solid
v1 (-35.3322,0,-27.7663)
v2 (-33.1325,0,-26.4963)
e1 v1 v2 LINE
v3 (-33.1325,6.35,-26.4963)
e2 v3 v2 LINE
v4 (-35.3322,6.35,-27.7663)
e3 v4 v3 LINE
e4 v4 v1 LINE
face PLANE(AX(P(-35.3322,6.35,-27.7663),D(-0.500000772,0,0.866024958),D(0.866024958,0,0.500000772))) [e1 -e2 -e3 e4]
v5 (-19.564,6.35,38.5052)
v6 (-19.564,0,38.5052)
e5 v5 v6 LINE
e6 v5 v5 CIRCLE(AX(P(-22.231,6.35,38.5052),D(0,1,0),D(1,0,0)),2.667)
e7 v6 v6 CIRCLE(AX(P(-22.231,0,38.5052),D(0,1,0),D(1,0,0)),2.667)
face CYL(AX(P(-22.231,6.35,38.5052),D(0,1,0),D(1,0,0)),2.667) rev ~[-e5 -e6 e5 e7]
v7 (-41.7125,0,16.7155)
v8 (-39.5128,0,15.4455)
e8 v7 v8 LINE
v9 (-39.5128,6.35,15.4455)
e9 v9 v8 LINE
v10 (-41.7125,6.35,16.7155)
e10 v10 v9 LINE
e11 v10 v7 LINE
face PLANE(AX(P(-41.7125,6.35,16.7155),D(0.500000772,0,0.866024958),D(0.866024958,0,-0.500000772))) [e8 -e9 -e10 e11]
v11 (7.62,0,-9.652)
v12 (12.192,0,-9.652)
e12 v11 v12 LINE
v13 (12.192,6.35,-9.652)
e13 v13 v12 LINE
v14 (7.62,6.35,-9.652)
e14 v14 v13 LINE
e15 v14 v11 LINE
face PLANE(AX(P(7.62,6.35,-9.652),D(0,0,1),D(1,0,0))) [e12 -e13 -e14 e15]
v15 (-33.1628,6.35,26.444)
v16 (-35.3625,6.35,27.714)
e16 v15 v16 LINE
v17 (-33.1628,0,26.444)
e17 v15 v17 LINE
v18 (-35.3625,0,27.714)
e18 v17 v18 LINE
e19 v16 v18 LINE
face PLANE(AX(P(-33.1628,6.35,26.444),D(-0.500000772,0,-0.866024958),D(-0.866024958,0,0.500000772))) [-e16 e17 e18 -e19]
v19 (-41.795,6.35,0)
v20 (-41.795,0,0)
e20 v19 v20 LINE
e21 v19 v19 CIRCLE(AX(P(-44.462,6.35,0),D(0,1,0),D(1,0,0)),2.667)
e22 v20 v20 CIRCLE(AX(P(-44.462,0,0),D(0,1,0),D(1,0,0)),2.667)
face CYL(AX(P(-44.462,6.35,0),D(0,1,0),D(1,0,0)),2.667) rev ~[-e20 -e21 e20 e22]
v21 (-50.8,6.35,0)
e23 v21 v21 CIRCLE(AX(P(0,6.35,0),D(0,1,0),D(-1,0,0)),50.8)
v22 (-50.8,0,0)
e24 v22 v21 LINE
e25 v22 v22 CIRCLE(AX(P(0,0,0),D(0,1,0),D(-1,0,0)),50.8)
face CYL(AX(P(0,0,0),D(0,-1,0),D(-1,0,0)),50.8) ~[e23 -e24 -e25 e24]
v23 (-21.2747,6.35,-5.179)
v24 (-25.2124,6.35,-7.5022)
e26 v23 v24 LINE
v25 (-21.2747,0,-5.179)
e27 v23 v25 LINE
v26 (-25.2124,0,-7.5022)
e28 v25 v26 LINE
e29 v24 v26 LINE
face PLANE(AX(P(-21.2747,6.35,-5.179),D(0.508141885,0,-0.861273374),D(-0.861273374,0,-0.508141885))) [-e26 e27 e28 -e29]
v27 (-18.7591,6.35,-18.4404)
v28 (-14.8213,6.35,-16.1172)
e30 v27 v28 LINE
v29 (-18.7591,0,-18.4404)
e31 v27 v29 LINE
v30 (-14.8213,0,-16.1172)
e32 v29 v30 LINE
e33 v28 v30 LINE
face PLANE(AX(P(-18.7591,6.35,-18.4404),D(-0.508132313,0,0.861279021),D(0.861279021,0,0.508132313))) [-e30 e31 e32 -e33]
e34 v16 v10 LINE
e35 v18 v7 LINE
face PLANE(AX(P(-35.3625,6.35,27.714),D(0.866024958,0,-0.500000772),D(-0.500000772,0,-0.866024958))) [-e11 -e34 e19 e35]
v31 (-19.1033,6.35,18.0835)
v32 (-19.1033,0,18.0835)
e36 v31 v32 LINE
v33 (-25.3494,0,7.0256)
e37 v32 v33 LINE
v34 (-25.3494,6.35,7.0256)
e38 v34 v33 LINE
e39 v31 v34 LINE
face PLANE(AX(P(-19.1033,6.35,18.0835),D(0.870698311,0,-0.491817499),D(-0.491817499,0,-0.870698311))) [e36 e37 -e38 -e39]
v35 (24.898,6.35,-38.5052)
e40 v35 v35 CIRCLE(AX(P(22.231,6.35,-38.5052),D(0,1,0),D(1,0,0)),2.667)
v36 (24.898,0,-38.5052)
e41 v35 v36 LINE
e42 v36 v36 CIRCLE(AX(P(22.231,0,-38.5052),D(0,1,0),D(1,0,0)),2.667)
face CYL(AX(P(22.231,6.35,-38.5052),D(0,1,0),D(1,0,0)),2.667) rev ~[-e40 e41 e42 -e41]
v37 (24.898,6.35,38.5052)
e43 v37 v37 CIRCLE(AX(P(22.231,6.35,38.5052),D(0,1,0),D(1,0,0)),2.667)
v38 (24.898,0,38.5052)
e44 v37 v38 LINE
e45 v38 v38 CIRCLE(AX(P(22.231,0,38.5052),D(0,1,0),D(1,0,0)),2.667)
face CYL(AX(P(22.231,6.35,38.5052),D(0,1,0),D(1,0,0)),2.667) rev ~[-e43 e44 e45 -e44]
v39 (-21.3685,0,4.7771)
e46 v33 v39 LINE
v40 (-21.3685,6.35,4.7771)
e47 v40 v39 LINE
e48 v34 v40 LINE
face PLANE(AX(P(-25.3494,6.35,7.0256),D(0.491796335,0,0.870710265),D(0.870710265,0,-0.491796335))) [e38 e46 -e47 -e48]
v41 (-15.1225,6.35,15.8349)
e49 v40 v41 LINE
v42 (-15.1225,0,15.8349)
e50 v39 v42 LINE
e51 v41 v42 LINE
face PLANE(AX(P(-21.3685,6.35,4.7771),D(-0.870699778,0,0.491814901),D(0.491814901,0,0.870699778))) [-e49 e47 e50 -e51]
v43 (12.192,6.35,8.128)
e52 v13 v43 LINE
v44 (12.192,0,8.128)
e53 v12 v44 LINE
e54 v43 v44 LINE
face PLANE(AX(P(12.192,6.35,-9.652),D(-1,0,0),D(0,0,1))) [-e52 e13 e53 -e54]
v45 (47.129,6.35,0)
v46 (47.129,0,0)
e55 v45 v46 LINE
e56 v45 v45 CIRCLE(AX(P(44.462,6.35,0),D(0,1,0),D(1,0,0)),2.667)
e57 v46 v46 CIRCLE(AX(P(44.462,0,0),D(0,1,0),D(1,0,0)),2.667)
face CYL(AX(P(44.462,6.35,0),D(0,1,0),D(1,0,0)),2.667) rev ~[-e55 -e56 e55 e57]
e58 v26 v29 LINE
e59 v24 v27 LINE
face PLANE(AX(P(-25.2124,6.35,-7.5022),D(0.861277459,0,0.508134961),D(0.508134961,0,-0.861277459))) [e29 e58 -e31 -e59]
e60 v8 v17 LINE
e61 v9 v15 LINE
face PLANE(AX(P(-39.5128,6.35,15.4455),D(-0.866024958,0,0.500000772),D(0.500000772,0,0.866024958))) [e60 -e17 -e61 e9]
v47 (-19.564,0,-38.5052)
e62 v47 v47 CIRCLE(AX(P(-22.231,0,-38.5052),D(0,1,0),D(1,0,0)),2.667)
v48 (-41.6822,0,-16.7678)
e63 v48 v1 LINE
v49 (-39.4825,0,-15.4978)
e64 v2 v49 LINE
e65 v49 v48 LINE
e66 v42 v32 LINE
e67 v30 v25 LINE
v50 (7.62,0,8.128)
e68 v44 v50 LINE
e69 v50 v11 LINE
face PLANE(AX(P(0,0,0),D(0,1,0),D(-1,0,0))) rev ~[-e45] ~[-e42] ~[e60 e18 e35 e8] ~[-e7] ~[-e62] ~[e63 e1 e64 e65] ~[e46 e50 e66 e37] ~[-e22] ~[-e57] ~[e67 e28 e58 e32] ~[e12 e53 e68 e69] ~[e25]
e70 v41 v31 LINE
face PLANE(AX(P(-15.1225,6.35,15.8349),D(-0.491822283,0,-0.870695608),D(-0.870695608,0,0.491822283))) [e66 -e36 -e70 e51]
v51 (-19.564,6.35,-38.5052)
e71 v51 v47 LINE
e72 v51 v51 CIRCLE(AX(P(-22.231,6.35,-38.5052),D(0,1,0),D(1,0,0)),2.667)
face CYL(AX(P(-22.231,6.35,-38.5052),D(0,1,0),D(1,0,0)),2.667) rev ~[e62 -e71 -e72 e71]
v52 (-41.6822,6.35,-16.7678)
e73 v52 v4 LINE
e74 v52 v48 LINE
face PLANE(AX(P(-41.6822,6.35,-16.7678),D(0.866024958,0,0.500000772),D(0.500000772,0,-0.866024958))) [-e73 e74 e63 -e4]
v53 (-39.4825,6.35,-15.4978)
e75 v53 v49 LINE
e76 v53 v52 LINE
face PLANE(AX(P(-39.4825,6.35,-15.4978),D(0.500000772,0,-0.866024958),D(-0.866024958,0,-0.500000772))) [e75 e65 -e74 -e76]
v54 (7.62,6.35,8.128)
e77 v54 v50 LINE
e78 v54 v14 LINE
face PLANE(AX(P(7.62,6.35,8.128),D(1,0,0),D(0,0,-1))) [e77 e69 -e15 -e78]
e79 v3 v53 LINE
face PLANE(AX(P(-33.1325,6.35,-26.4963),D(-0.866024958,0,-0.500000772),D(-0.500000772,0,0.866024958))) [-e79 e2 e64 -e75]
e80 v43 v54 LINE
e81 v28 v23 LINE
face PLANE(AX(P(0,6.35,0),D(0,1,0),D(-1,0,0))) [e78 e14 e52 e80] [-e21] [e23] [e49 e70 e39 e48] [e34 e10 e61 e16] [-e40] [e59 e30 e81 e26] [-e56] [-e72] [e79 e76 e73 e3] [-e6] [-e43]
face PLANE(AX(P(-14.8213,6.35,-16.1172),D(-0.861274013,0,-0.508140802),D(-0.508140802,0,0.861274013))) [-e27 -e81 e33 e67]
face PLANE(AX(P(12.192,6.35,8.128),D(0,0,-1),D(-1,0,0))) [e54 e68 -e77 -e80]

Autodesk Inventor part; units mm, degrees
ref_plane "YZ Plane" through (0, 0, 0) normal (1, 0, 0) x (0, 1, 0)
ref_plane "XZ Plane" through (0, 0, 0) normal (0, 1, 0) x (-1, 0, 0)
ref_plane "XY Plane" through (0, 0, 0) normal (0, 0, 1) x (1, 0, 0)
sketch "Sketch4" plane through (0, 0, 0) normal (0, 1, 0) x (-1, 0, 0)
  circle A0 centre (0, 0) radius 50.8
  dimension "d2" = 101.6
extrude "Extrusion3" add sketch "Sketch4" along normal blind 6.35
sketch "Sketch10" plane through (0, 6.35, 0) normal (0, 1, 0) x (1, 0, 0)
  circle A0 centre (-44.462, 0) radius 2.667
  circle A1 centre (-22.231, -38.5052) radius 2.667
  circle A2 centre (22.231, -38.5052) radius 2.667
  circle A3 centre (44.462, 0) radius 2.667
  circle A4 centre (22.231, 38.5052) radius 2.667
  circle A5 centre (-22.231, 38.5052) radius 2.667
  point P0 (0, 0)
  dimension "d48" = 5.334
  dimension "d51" = 360
extrude "Extrusion6" cut sketch "Sketch10" against normal blind 6.35
sketch "Sketch13" plane through (0, 6.35, 0) normal (0, 1, 0) x (1, 0, 0)
  line L0 (-25.3494, -7.0256) -> (-21.3685, -4.7771)
  line L1 (-21.3685, -4.7771) -> (-15.1225, -15.8349)
  line L2 (-15.1225, -15.8349) -> (-19.1033, -18.0835)
  line L3 (-19.1033, -18.0835) -> (-25.3494, -7.0256)
  line L4 (-25.3494, -7.0256) -> (-21.3685, -4.7771)
  line L5 (-21.3685, -4.7771) -> (-15.1225, -15.8349)
  line L6 (-15.1225, -15.8349) -> (-19.1033, -18.0835)
  line L7 (-19.1033, -18.0835) -> (-25.3494, -7.0256)
  line L8 (-25.3494, -7.0256) -> (-21.3685, -4.7771)
  line L9 (-21.3685, -4.7771) -> (-15.1225, -15.8349)
  line L10 (-15.1225, -15.8349) -> (-19.1033, -18.0835)
  line L11 (-19.1033, -18.0835) -> (-25.3494, -7.0256)
  line L12 (-25.3494, -7.0256) -> (-21.3685, -4.7771)
  line L13 (-21.3685, -4.7771) -> (-15.1225, -15.8349)
  line L14 (-15.1225, -15.8349) -> (-19.1033, -18.0835)
  line L15 (-19.1033, -18.0835) -> (-25.3494, -7.0256)
  line L16 (-25.3494, -7.0256) -> (-21.3685, -4.7771)
  line L17 (-21.3685, -4.7771) -> (-15.1225, -15.8349)
  line L18 (-15.1225, -15.8349) -> (-19.1033, -18.0835)
  line L19 (-19.1033, -18.0835) -> (-25.3494, -7.0256)
  line L20 (-25.3494, -7.0256) -> (-21.3685, -4.7771)
  line L21 (-21.3685, -4.7771) -> (-15.1225, -15.8349)
  line L22 (-15.1225, -15.8349) -> (-19.1033, -18.0835)
  line L23 (-19.1033, -18.0835) -> (-25.3494, -7.0256)
  line L24 (-18.7591, 18.4404) -> (-14.8213, 16.1172)
  line L25 (-14.8213, 16.1172) -> (-21.2747, 5.179)
  line L26 (-21.2747, 5.179) -> (-25.2124, 7.5022)
  line L27 (-25.2124, 7.5022) -> (-18.7591, 18.4404)
  line L28 (-18.7591, 18.4404) -> (-14.8213, 16.1172)
  line L29 (-14.8213, 16.1172) -> (-21.2747, 5.179)
  line L30 (-21.2747, 5.179) -> (-25.2124, 7.5022)
  line L31 (-25.2124, 7.5022) -> (-18.7591, 18.4404)
  line L32 (-18.7591, 18.4404) -> (-14.8213, 16.1172)
  line L33 (-14.8213, 16.1172) -> (-21.2747, 5.179)
  line L34 (-21.2747, 5.179) -> (-25.2124, 7.5022)
  line L35 (-25.2124, 7.5022) -> (-18.7591, 18.4404)
  line L36 (-18.7591, 18.4404) -> (-14.8213, 16.1172)
  line L37 (-14.8213, 16.1172) -> (-21.2747, 5.179)
  line L38 (-21.2747, 5.179) -> (-25.2124, 7.5022)
  line L39 (-25.2124, 7.5022) -> (-18.7591, 18.4404)
  line L40 (-18.7591, 18.4404) -> (-14.8213, 16.1172)
  line L41 (-14.8213, 16.1172) -> (-21.2747, 5.179)
  line L42 (-21.2747, 5.179) -> (-25.2124, 7.5022)
  line L43 (-25.2124, 7.5022) -> (-18.7591, 18.4404)
  line L44 (-18.7591, 18.4404) -> (-14.8213, 16.1172)
  line L45 (-14.8213, 16.1172) -> (-21.2747, 5.179)
  line L46 (-21.2747, 5.179) -> (-25.2124, 7.5022)
  line L47 (-25.2124, 7.5022) -> (-18.7591, 18.4404)
  line L48 (7.62, 9.652) -> (12.192, 9.652)
  line L49 (12.192, 9.652) -> (12.192, -8.128)
  line L50 (12.192, -8.128) -> (7.62, -8.128)
  line L51 (7.62, -8.128) -> (7.62, 9.652)
  line L52 (-41.7125, -16.7155) -> (-39.5128, -15.4455)
  line L53 (-39.5128, -15.4455) -> (-33.1628, -26.444)
  line L54 (-33.1628, -26.444) -> (-35.3625, -27.714)
  line L55 (-35.3625, -27.714) -> (-41.7125, -16.7155)
  line L56 (-35.3322, 27.7663) -> (-33.1325, 26.4963)
  line L57 (-33.1325, 26.4963) -> (-39.4825, 15.4978)
  line L58 (-39.4825, 15.4978) -> (-41.6822, 16.7678)
  line L59 (-41.6822, 16.7678) -> (-35.3322, 27.7663)
  point P0 (0, 0)
  dimension "d57" = 4.572
  dimension "d58" = 12.7
  dimension "d59" = 4.572
  dimension "d60" = 12.7
  dimension "d61" = 4.572
  dimension "d62" = 12.7
  dimension "d63" = 4.572
  dimension "d64" = 12.7
  dimension "d65" = 4.572
  dimension "d66" = 12.7
  dimension "d67" = 4.572
  dimension "d68" = 12.7
  dimension "d69" = 4.572
  dimension "d70" = 12.7
  dimension "d71" = 4.572
  dimension "d72" = 12.7
  dimension "d73" = 4.572
  dimension "d74" = 12.7
  dimension "d75" = 4.572
  dimension "d76" = 12.7
  dimension "d77" = 4.572
  dimension "d78" = 12.7
  dimension "d79" = 4.572
  dimension "d80" = 12.7
  dimension "d81" = 4.572
  dimension "d82" = 17.78
  dimension "d109" = 2.54
  dimension "d110" = 12.7
  dimension "d113" = 2.54
  dimension "d114" = 12.7
extrude "Extrusion8" cut sketch "Sketch13" against normal blind 6.35
properties part number "cap with wire cut"
